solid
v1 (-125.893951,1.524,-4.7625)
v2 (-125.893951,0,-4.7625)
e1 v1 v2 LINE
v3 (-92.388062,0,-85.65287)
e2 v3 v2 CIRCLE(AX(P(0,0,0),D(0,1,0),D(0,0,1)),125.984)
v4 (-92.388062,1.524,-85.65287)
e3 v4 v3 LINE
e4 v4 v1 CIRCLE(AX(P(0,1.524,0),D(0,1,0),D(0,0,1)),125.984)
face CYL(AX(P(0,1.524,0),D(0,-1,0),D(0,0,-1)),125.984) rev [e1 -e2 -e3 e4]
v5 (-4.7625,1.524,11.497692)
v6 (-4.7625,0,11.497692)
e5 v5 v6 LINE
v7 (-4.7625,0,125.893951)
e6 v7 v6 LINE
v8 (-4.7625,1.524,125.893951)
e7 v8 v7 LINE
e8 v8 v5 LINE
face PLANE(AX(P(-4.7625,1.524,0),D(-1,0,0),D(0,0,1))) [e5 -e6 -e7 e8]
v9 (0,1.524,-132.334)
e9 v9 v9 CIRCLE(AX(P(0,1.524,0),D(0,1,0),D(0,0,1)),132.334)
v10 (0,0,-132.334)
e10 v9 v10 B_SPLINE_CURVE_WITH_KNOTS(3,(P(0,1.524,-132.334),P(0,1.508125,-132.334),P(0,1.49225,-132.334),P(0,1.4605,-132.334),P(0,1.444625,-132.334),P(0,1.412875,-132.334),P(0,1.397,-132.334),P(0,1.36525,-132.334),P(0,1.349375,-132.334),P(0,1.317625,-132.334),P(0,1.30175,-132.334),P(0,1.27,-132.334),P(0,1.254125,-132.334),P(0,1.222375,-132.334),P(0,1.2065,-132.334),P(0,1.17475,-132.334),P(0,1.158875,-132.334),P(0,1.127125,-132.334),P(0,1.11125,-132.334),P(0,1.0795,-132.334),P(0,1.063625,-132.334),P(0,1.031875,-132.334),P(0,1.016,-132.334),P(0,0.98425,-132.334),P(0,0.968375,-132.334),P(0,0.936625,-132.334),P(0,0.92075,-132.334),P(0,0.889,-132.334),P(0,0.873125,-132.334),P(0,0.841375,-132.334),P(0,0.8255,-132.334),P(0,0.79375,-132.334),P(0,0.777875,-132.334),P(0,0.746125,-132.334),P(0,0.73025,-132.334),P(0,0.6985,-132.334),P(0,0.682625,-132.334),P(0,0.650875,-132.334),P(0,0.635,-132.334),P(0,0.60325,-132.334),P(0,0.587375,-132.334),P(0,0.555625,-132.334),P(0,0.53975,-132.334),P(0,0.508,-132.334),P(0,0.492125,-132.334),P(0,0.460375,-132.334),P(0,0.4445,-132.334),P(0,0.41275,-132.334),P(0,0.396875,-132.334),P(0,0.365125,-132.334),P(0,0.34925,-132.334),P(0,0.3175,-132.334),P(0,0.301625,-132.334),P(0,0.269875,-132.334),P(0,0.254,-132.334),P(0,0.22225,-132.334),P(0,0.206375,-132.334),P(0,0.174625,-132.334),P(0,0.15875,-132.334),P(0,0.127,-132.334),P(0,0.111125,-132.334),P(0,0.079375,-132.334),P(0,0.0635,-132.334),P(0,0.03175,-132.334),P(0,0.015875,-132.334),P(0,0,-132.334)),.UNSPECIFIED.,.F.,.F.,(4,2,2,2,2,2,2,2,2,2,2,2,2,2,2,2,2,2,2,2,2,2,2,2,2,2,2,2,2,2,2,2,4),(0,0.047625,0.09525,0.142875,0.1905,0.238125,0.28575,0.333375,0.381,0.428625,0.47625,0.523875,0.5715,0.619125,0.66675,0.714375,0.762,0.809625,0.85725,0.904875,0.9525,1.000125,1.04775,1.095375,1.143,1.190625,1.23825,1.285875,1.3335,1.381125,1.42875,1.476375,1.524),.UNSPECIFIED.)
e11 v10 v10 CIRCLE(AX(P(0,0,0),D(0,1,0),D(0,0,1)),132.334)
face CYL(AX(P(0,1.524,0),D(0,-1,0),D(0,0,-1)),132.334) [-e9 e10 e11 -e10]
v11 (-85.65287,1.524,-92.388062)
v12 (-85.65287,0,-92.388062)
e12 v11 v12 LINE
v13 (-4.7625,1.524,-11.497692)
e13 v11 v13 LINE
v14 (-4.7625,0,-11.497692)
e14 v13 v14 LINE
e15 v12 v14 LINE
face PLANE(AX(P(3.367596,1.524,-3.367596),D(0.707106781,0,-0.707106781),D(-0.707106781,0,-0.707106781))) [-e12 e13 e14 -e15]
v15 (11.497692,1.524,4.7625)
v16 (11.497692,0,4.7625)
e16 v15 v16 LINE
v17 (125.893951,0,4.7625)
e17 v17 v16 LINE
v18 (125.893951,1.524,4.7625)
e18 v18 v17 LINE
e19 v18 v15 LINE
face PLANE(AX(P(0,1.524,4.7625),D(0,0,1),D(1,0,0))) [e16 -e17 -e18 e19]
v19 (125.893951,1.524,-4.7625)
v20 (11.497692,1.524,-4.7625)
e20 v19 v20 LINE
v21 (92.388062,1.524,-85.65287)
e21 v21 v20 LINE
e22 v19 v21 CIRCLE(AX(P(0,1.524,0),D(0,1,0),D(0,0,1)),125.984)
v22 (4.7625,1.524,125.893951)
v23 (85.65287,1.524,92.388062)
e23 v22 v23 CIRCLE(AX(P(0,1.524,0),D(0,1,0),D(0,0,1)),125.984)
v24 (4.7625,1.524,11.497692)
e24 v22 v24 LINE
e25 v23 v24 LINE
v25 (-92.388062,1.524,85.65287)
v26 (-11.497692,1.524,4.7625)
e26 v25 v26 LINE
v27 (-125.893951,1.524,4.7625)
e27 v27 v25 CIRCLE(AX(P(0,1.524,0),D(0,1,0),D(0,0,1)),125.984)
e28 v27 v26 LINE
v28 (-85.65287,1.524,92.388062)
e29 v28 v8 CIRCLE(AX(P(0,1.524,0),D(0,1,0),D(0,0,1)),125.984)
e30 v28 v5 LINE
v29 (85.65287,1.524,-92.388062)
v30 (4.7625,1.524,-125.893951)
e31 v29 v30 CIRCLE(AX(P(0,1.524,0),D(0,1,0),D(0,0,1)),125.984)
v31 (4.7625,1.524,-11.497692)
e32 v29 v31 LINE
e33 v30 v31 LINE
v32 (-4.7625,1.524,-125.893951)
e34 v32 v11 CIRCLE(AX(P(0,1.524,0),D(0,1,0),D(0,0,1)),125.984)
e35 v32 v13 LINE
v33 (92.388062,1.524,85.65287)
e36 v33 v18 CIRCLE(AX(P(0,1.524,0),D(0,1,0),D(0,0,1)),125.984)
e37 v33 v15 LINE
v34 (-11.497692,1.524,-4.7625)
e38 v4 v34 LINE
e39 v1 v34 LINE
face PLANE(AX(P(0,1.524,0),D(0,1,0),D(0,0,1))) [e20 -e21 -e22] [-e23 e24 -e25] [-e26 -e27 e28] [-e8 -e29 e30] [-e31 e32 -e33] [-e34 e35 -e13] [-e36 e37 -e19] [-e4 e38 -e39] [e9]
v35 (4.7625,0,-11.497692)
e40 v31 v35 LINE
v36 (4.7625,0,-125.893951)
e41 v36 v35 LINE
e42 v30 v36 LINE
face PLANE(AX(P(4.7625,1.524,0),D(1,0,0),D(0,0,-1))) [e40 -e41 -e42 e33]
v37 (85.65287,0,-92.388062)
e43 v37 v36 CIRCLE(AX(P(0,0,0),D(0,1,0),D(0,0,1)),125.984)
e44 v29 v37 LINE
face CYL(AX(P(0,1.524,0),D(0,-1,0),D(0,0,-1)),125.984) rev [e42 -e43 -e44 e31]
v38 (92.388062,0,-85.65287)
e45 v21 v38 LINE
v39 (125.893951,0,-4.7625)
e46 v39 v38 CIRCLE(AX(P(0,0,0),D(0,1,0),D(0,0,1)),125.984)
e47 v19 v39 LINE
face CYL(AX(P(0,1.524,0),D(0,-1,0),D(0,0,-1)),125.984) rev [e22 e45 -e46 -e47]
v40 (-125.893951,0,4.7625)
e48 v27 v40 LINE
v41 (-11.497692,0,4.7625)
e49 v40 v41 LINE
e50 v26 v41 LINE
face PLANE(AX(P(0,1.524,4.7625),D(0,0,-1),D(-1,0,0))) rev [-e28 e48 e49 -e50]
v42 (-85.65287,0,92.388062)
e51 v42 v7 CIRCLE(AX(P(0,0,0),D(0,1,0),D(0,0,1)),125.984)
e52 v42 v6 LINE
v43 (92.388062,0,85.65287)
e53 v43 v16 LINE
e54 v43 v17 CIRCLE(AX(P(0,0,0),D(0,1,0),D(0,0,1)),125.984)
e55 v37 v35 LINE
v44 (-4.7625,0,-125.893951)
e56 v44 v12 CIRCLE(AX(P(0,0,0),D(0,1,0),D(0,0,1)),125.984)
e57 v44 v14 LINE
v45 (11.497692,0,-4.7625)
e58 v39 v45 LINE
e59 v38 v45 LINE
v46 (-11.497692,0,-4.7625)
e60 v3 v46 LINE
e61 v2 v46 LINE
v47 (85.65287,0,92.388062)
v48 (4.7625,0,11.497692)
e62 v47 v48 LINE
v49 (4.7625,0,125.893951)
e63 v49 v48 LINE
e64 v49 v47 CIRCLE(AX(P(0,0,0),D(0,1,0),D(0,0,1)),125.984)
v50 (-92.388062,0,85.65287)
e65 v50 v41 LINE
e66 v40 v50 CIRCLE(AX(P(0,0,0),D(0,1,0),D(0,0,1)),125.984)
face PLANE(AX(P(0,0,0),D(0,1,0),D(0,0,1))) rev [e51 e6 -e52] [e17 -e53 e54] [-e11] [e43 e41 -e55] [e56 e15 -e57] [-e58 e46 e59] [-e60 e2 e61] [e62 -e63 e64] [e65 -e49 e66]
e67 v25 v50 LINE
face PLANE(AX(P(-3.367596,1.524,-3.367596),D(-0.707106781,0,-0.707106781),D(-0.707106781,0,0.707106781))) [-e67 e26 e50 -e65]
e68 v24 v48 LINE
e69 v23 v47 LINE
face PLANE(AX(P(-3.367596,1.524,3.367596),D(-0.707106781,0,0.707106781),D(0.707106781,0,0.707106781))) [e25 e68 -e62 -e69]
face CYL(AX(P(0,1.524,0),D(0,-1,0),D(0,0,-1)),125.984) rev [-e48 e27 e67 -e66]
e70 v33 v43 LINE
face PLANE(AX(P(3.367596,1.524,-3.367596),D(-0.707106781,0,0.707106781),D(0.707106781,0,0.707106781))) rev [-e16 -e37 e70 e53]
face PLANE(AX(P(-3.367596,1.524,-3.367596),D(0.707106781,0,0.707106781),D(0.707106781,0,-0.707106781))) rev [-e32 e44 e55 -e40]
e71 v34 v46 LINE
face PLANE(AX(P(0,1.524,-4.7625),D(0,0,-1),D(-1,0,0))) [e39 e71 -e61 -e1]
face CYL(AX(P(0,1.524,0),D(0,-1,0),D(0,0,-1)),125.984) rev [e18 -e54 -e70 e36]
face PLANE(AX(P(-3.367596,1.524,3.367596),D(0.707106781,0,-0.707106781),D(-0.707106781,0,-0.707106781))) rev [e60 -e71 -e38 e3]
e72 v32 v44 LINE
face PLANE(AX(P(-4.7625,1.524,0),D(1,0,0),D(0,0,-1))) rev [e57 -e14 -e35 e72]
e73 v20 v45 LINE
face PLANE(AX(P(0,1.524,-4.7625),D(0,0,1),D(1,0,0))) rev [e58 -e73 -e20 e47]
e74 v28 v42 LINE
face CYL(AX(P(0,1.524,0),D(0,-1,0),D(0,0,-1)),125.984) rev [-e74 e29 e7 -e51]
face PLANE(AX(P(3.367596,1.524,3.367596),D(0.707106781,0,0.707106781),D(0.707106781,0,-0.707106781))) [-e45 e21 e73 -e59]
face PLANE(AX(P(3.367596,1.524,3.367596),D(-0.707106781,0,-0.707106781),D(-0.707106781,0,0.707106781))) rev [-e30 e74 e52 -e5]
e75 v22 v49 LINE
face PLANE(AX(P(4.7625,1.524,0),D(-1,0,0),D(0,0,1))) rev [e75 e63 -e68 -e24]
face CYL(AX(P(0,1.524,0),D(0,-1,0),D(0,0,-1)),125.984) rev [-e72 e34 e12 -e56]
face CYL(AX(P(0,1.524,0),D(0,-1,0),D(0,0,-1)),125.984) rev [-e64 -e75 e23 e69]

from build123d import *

# Parameters (mm, degrees)
SKETCH1_R           = 132.334
BOSS_EXTRUDE1_DEPTH = 1.524


with BuildPart() as part:
    # Sketch1 → Boss-Extrude1 (new body)
    with BuildSketch(Plane(origin=(0, 0, 0), x_dir=(1, 0, 0), z_dir=(0, 1, 0))):
        with Locations(Location((0, 0, 0), (0, 0, 90))):
            Circle(SKETCH1_R)
        with BuildLine():
            ThreePointArc((-92.388062371, 85.65287028), (-116.394039024, 48.211989543), (-125.893950807, 4.7625))
            Line((-125.893950807, 4.7625), (-11.497692091, 4.7625))
            Line((-11.497692091, 4.7625), (-92.388062371, 85.65287028))
        make_face(mode=Mode.SUBTRACT)
        with BuildLine():
            ThreePointArc((-125.893950807, -4.7625), (-116.394039024, -48.211989543), (-92.388062371, -85.65287028))
            Line((-92.388062371, -85.65287028), (-11.497692091, -4.7625))
            Line((-11.497692091, -4.7625), (-125.893950807, -4.7625))
        make_face(mode=Mode.SUBTRACT)
        with BuildLine():
            ThreePointArc((-85.65287028, -92.388062371), (-48.211989543, -116.394039024), (-4.7625, -125.893950807))
            Line((-4.7625, -125.893950807), (-4.7625, -11.497692091))
            Line((-4.7625, -11.497692091), (-85.65287028, -92.388062371))
        make_face(mode=Mode.SUBTRACT)
        with BuildLine():
            ThreePointArc((4.7625, -125.893950807), (48.211989543, -116.394039024), (85.65287028, -92.388062371))
            Line((85.65287028, -92.388062371), (4.7625, -11.497692091))
            Line((4.7625, -11.497692091), (4.7625, -125.893950807))
        make_face(mode=Mode.SUBTRACT)
        with BuildLine():
            ThreePointArc((92.388062371, -85.65287028), (116.394039024, -48.211989543), (125.893950807, -4.7625))
            Line((125.893950807, -4.7625), (11.497692091, -4.7625))
            Line((11.497692091, -4.7625), (92.388062371, -85.65287028))
        make_face(mode=Mode.SUBTRACT)
        with BuildLine():
            ThreePointArc((125.893950807, 4.7625), (116.394039024, 48.211989543), (92.388062371, 85.65287028))
            Line((92.388062371, 85.65287028), (11.497692091, 4.7625))
            Line((11.497692091, 4.7625), (125.893950807, 4.7625))
        make_face(mode=Mode.SUBTRACT)
        with BuildLine():
            ThreePointArc((85.65287028, 92.388062371), (48.211989543, 116.394039024), (4.7625, 125.893950807))
            Line((4.7625, 125.893950807), (4.7625, 11.497692091))
            Line((4.7625, 11.497692091), (85.65287028, 92.388062371))
        make_face(mode=Mode.SUBTRACT)
        with BuildLine():
            ThreePointArc((-4.7625, 125.893950807), (-48.211989543, 116.394039024), (-85.65287028, 92.388062371))
            Line((-85.65287028, 92.388062371), (-4.7625, 11.497692091))
            Line((-4.7625, 11.497692091), (-4.7625, 125.893950807))
        make_face(mode=Mode.SUBTRACT)
    extrude(amount=BOSS_EXTRUDE1_DEPTH)


solid = part.part
